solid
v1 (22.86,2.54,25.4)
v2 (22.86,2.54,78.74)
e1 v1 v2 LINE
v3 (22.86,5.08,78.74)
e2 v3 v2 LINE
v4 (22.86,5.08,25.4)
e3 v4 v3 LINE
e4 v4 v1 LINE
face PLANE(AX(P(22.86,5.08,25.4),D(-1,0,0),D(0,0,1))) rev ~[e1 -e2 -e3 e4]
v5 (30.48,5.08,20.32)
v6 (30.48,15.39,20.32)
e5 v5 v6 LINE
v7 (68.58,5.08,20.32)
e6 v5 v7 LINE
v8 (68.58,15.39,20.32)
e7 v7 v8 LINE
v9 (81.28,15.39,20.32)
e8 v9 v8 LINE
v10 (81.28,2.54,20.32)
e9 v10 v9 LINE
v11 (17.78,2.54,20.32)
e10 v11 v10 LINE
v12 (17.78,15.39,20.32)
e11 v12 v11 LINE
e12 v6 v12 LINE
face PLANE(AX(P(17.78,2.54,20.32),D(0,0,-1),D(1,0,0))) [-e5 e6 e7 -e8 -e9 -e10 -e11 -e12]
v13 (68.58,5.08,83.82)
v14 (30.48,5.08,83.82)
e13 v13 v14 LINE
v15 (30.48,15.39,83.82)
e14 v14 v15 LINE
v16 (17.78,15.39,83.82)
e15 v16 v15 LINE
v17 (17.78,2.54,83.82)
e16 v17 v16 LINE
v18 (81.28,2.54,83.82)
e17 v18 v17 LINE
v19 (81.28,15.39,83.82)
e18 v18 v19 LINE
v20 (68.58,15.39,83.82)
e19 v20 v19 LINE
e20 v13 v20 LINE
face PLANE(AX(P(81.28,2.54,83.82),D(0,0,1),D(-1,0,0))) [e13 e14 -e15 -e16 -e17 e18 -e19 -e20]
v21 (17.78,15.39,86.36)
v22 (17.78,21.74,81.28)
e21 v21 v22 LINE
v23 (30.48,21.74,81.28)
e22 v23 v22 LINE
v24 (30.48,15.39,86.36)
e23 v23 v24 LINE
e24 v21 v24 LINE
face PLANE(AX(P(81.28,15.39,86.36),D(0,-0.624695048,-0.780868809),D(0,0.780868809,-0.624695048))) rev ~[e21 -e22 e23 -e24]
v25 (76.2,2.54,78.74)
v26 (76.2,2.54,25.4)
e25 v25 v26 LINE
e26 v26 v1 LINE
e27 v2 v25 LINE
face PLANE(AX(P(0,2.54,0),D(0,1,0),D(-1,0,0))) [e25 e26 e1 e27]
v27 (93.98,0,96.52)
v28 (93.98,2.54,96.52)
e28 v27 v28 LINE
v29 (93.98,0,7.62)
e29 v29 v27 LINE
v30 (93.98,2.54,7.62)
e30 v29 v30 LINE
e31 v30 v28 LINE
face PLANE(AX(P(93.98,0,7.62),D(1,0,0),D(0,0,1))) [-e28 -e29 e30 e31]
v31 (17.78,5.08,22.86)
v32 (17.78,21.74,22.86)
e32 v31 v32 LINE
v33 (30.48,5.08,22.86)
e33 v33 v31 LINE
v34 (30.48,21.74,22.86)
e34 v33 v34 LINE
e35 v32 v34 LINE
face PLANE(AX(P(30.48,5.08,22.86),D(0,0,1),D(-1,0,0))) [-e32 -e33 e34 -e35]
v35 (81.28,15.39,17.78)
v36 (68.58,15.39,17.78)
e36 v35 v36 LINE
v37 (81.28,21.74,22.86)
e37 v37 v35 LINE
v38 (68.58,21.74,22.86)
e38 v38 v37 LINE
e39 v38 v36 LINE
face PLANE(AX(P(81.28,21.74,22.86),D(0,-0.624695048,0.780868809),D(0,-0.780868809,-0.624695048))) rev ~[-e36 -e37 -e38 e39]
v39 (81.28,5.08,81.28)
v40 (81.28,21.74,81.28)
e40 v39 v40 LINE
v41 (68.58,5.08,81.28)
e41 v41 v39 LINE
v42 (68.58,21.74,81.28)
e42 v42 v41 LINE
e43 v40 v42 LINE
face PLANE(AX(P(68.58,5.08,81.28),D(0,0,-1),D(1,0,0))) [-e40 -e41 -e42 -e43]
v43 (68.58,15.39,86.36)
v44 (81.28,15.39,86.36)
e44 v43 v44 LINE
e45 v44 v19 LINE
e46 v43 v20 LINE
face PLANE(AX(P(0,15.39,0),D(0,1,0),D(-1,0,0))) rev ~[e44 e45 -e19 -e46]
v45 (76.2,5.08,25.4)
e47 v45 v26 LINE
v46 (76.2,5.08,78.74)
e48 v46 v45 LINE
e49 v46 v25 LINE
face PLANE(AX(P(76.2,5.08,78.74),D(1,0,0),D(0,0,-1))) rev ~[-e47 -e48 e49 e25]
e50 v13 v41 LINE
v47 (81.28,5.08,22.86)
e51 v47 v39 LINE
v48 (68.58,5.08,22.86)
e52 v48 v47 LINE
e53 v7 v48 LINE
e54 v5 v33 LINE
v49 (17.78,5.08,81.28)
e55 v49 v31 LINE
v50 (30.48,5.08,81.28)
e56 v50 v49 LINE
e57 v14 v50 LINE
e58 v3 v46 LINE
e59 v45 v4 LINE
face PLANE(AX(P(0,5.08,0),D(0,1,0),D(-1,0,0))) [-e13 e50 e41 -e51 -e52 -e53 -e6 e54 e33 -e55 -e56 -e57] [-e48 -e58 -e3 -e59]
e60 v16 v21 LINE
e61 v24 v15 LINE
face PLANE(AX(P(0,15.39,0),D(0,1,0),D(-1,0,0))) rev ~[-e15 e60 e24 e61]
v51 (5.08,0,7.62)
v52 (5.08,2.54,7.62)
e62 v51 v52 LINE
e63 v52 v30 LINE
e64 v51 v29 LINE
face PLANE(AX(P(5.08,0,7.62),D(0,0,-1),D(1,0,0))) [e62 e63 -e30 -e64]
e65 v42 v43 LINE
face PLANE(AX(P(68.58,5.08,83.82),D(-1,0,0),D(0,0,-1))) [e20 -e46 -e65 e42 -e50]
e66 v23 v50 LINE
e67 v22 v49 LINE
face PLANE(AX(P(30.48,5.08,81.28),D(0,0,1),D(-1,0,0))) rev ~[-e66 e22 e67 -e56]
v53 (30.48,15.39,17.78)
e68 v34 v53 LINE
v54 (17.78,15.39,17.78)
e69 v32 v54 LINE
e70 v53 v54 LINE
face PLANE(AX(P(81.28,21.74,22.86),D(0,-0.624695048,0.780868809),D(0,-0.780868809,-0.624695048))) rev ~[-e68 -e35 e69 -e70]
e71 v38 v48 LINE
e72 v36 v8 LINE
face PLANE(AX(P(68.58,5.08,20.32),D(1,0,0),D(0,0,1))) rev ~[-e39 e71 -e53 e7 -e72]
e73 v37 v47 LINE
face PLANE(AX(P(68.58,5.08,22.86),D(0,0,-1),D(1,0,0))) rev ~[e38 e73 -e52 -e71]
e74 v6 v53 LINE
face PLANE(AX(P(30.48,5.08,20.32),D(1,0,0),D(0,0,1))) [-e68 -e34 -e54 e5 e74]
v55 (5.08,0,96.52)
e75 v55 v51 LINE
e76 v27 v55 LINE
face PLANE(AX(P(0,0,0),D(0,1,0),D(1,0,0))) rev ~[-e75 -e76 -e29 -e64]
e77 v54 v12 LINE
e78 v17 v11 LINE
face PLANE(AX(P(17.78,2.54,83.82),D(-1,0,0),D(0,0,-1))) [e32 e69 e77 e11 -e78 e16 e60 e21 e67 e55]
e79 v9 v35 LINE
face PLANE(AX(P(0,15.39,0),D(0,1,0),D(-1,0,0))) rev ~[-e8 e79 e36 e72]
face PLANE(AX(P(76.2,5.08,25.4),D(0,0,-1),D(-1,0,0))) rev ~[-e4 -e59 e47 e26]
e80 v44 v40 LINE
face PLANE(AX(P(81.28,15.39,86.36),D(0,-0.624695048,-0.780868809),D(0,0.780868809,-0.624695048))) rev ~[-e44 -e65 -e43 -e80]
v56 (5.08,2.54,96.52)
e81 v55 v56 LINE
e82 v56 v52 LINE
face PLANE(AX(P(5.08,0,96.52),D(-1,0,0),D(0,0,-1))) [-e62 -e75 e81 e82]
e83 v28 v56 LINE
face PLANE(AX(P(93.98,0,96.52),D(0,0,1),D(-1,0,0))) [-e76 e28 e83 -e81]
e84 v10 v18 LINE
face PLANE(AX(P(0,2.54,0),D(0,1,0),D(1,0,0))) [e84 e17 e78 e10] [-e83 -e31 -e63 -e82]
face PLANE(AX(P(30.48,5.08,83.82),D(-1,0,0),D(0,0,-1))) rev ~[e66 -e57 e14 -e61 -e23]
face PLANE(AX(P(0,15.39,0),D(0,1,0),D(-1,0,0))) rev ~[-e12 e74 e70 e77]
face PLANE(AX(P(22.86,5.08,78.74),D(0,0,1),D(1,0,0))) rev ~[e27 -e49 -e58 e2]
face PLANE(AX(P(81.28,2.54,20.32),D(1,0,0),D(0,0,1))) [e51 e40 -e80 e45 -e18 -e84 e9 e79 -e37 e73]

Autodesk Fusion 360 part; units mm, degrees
sketch "Sketch1" plane through (0, 0, 0) normal (0, 1, 0) x (1, 0, 0)
  line L0 (5.08, -7.62) -> (93.98, -7.62)
  line L1 (93.98, -7.62) -> (93.98, -96.52)
  line L2 (93.98, -96.52) -> (5.08, -96.52)
  line L3 (5.08, -96.52) -> (5.08, -7.62)
  dimension "d1" = 88.9
  dimension "d2" = 88.9
extrude "Extrude1" add sketch "Sketch1" along normal blind 2.54
sketch "Sketch2" plane through (0, 2.54, 0) normal (0, 1, 0) x (-1, 0, 0)
  line L0 (-5.08, 96.52) -> (-93.98, 96.52)
  line L1 (-93.98, 96.52) -> (-93.98, 7.62)
  line L2 (-93.98, 7.62) -> (-5.08, 7.62)
  line L3 (-5.08, 7.62) -> (-5.08, 96.52)
  line L4 (-17.78, 20.32) -> (-81.28, 20.32)
  line L5 (-81.28, 20.32) -> (-81.28, 83.82)
  line L6 (-81.28, 83.82) -> (-17.78, 83.82)
  line L7 (-17.78, 83.82) -> (-17.78, 20.32)
  dimension "d5" = 63.5
  dimension "d6" = 63.5
  dimension "d7" = 12.7
  dimension "d8" = 12.7
extrude "Extrude2" add sketch "Sketch2" along normal blind 2.54 contours L4 L5 L6 L7
sketch "Sketch3" plane through (0, 5.08, 0) normal (0, 1, 0) x (-1, 0, 0)
  line L0 (-17.78, 83.82) -> (-81.28, 83.82)
  line L1 (-81.28, 83.82) -> (-81.28, 20.32)
  line L2 (-81.28, 20.32) -> (-17.78, 20.32)
  line L3 (-17.78, 20.32) -> (-17.78, 83.82)
  line L4 (-17.78, 20.32) -> (-30.48, 20.32)
  line L5 (-30.48, 20.32) -> (-30.48, 22.86)
  line L6 (-30.48, 22.86) -> (-17.78, 22.86)
  line L7 (-17.78, 22.86) -> (-17.78, 20.32)
  line L8 (-81.28, 20.32) -> (-68.58, 20.32)
  line L9 (-68.58, 20.32) -> (-68.58, 22.86)
  line L10 (-68.58, 22.86) -> (-81.28, 22.86)
  line L11 (-81.28, 22.86) -> (-81.28, 20.32)
  line L12 (-17.78, 83.82) -> (-30.48, 83.82)
  line L13 (-30.48, 83.82) -> (-30.48, 81.28)
  line L14 (-30.48, 81.28) -> (-17.78, 81.28)
  line L15 (-17.78, 81.28) -> (-17.78, 83.82)
  line L16 (-81.28, 83.82) -> (-68.58, 83.82)
  line L17 (-68.58, 83.82) -> (-68.58, 81.28)
  line L18 (-68.58, 81.28) -> (-81.28, 81.28)
  line L19 (-81.28, 81.28) -> (-81.28, 83.82)
extrude "Extrude3" add sketch "Sketch3" along normal blind 10.31 contours L0 L3 L12 L13 L14 L15 | L0 L1 L16 L17 L18 L19 | L2 L3 L4 L5 L6 L7 | L1 L2 L8 L9 L10 L11
sketch "Sketch4" plane through (0, 15.39, 0) normal (0, 1, 0) x (-1, 0, 0)
  line L0 (-81.28, 81.28) -> (-68.58, 81.28)
  line L1 (-68.58, 81.28) -> (-68.58, 83.82)
  line L2 (-68.58, 83.82) -> (-81.28, 83.82)
  line L3 (-81.28, 83.82) -> (-81.28, 81.28)
  line L4 (-30.48, 81.28) -> (-17.78, 81.28)
  line L5 (-17.78, 81.28) -> (-17.78, 86.36)
  line L6 (-17.78, 86.36) -> (-30.48, 86.36)
  line L7 (-30.48, 86.36) -> (-30.48, 81.28)
  line L8 (-17.78, 22.86) -> (-30.48, 22.86)
  line L9 (-30.48, 22.86) -> (-30.48, 17.78)
  line L10 (-30.48, 17.78) -> (-17.78, 17.78)
  line L11 (-17.78, 17.78) -> (-17.78, 22.86)
  line L12 (-68.58, 22.86) -> (-81.28, 22.86)
  line L13 (-81.28, 22.86) -> (-81.28, 17.78)
  line L14 (-81.28, 17.78) -> (-68.58, 17.78)
  line L15 (-68.58, 17.78) -> (-68.58, 22.86)
  line L16 (-81.28, 81.28) -> (-68.58, 81.28)
  line L17 (-68.58, 81.28) -> (-68.58, 86.36)
  line L18 (-68.58, 86.36) -> (-81.28, 86.36)
  line L19 (-81.28, 86.36) -> (-81.28, 81.28)
  dimension "d17" = 5.08
  dimension "d18" = 5.08
  dimension "d19" = 5.08
  dimension "d20" = 5.08
extrude "Extrude4" add sketch "Sketch4" along normal blind 6.35
sketch "Sketch5" plane through (81.28, 0, 0) normal (1, 0, 0) x (0, 0, -1)
  line L0 (-83.82, 2.54) -> (-20.32, 2.54)
  line L1 (-20.32, 2.54) -> (-20.32, 15.39)
  line L2 (-20.32, 15.39) -> (-17.78, 15.39)
  line L3 (-17.78, 15.39) -> (-17.78, 21.74)
  line L4 (-17.78, 21.74) -> (-22.86, 21.74)
  line L5 (-22.86, 21.74) -> (-22.86, 5.08)
  line L6 (-22.86, 5.08) -> (-81.28, 5.08)
  line L7 (-81.28, 5.08) -> (-81.28, 21.74)
  line L8 (-81.28, 21.74) -> (-86.36, 21.74)
  line L9 (-86.36, 21.74) -> (-86.36, 15.39)
  line L10 (-86.36, 15.39) -> (-83.82, 15.39)
  line L11 (-83.82, 15.39) -> (-83.82, 2.54)
  line L12 (-86.36, 15.39) -> (-81.28, 21.74)
  line L13 (-86.36, 21.74) -> (-86.36, 15.39)
  line L14 (-81.28, 21.74) -> (-86.36, 21.74)
  line L15 (-22.86, 21.74) -> (-17.78, 15.39)
  line L16 (-17.78, 21.74) -> (-22.86, 21.74)
extrude "Extrude5" cut sketch "Sketch5" against normal blind 63.5 contours L8 L9 L12 L13 L14 | L3 L4 L15 L16
sketch "Sketch6" plane through (0, 5.08, 0) normal (0, 1, 0) x (-1, 0, 0)
  line L0 (-30.48, 81.28) -> (-30.48, 83.82)
  line L1 (-30.48, 83.82) -> (-68.58, 83.82)
  line L2 (-68.58, 83.82) -> (-68.58, 81.28)
  line L3 (-68.58, 81.28) -> (-81.28, 81.28)
  line L4 (-81.28, 81.28) -> (-81.28, 22.86)
  line L5 (-81.28, 22.86) -> (-68.58, 22.86)
  line L6 (-68.58, 22.86) -> (-68.58, 20.32)
  line L7 (-68.58, 20.32) -> (-30.48, 20.32)
  line L8 (-30.48, 20.32) -> (-30.48, 22.86)
  line L9 (-30.48, 22.86) -> (-17.78, 22.86)
  line L10 (-17.78, 22.86) -> (-17.78, 81.28)
  line L11 (-17.78, 81.28) -> (-30.48, 81.28)
  line L12 (-22.86, 78.74) -> (-76.2, 78.74)
  line L13 (-76.2, 78.74) -> (-76.2, 25.4)
  line L14 (-76.2, 25.4) -> (-22.86, 25.4)
  line L15 (-22.86, 25.4) -> (-22.86, 78.74)
extrude "Extrude6" cut sketch "Sketch6" against normal blind 2.54 contours L12 L13 L14 L15
equation "d11 = 0.4 in + 0.15 mm"
